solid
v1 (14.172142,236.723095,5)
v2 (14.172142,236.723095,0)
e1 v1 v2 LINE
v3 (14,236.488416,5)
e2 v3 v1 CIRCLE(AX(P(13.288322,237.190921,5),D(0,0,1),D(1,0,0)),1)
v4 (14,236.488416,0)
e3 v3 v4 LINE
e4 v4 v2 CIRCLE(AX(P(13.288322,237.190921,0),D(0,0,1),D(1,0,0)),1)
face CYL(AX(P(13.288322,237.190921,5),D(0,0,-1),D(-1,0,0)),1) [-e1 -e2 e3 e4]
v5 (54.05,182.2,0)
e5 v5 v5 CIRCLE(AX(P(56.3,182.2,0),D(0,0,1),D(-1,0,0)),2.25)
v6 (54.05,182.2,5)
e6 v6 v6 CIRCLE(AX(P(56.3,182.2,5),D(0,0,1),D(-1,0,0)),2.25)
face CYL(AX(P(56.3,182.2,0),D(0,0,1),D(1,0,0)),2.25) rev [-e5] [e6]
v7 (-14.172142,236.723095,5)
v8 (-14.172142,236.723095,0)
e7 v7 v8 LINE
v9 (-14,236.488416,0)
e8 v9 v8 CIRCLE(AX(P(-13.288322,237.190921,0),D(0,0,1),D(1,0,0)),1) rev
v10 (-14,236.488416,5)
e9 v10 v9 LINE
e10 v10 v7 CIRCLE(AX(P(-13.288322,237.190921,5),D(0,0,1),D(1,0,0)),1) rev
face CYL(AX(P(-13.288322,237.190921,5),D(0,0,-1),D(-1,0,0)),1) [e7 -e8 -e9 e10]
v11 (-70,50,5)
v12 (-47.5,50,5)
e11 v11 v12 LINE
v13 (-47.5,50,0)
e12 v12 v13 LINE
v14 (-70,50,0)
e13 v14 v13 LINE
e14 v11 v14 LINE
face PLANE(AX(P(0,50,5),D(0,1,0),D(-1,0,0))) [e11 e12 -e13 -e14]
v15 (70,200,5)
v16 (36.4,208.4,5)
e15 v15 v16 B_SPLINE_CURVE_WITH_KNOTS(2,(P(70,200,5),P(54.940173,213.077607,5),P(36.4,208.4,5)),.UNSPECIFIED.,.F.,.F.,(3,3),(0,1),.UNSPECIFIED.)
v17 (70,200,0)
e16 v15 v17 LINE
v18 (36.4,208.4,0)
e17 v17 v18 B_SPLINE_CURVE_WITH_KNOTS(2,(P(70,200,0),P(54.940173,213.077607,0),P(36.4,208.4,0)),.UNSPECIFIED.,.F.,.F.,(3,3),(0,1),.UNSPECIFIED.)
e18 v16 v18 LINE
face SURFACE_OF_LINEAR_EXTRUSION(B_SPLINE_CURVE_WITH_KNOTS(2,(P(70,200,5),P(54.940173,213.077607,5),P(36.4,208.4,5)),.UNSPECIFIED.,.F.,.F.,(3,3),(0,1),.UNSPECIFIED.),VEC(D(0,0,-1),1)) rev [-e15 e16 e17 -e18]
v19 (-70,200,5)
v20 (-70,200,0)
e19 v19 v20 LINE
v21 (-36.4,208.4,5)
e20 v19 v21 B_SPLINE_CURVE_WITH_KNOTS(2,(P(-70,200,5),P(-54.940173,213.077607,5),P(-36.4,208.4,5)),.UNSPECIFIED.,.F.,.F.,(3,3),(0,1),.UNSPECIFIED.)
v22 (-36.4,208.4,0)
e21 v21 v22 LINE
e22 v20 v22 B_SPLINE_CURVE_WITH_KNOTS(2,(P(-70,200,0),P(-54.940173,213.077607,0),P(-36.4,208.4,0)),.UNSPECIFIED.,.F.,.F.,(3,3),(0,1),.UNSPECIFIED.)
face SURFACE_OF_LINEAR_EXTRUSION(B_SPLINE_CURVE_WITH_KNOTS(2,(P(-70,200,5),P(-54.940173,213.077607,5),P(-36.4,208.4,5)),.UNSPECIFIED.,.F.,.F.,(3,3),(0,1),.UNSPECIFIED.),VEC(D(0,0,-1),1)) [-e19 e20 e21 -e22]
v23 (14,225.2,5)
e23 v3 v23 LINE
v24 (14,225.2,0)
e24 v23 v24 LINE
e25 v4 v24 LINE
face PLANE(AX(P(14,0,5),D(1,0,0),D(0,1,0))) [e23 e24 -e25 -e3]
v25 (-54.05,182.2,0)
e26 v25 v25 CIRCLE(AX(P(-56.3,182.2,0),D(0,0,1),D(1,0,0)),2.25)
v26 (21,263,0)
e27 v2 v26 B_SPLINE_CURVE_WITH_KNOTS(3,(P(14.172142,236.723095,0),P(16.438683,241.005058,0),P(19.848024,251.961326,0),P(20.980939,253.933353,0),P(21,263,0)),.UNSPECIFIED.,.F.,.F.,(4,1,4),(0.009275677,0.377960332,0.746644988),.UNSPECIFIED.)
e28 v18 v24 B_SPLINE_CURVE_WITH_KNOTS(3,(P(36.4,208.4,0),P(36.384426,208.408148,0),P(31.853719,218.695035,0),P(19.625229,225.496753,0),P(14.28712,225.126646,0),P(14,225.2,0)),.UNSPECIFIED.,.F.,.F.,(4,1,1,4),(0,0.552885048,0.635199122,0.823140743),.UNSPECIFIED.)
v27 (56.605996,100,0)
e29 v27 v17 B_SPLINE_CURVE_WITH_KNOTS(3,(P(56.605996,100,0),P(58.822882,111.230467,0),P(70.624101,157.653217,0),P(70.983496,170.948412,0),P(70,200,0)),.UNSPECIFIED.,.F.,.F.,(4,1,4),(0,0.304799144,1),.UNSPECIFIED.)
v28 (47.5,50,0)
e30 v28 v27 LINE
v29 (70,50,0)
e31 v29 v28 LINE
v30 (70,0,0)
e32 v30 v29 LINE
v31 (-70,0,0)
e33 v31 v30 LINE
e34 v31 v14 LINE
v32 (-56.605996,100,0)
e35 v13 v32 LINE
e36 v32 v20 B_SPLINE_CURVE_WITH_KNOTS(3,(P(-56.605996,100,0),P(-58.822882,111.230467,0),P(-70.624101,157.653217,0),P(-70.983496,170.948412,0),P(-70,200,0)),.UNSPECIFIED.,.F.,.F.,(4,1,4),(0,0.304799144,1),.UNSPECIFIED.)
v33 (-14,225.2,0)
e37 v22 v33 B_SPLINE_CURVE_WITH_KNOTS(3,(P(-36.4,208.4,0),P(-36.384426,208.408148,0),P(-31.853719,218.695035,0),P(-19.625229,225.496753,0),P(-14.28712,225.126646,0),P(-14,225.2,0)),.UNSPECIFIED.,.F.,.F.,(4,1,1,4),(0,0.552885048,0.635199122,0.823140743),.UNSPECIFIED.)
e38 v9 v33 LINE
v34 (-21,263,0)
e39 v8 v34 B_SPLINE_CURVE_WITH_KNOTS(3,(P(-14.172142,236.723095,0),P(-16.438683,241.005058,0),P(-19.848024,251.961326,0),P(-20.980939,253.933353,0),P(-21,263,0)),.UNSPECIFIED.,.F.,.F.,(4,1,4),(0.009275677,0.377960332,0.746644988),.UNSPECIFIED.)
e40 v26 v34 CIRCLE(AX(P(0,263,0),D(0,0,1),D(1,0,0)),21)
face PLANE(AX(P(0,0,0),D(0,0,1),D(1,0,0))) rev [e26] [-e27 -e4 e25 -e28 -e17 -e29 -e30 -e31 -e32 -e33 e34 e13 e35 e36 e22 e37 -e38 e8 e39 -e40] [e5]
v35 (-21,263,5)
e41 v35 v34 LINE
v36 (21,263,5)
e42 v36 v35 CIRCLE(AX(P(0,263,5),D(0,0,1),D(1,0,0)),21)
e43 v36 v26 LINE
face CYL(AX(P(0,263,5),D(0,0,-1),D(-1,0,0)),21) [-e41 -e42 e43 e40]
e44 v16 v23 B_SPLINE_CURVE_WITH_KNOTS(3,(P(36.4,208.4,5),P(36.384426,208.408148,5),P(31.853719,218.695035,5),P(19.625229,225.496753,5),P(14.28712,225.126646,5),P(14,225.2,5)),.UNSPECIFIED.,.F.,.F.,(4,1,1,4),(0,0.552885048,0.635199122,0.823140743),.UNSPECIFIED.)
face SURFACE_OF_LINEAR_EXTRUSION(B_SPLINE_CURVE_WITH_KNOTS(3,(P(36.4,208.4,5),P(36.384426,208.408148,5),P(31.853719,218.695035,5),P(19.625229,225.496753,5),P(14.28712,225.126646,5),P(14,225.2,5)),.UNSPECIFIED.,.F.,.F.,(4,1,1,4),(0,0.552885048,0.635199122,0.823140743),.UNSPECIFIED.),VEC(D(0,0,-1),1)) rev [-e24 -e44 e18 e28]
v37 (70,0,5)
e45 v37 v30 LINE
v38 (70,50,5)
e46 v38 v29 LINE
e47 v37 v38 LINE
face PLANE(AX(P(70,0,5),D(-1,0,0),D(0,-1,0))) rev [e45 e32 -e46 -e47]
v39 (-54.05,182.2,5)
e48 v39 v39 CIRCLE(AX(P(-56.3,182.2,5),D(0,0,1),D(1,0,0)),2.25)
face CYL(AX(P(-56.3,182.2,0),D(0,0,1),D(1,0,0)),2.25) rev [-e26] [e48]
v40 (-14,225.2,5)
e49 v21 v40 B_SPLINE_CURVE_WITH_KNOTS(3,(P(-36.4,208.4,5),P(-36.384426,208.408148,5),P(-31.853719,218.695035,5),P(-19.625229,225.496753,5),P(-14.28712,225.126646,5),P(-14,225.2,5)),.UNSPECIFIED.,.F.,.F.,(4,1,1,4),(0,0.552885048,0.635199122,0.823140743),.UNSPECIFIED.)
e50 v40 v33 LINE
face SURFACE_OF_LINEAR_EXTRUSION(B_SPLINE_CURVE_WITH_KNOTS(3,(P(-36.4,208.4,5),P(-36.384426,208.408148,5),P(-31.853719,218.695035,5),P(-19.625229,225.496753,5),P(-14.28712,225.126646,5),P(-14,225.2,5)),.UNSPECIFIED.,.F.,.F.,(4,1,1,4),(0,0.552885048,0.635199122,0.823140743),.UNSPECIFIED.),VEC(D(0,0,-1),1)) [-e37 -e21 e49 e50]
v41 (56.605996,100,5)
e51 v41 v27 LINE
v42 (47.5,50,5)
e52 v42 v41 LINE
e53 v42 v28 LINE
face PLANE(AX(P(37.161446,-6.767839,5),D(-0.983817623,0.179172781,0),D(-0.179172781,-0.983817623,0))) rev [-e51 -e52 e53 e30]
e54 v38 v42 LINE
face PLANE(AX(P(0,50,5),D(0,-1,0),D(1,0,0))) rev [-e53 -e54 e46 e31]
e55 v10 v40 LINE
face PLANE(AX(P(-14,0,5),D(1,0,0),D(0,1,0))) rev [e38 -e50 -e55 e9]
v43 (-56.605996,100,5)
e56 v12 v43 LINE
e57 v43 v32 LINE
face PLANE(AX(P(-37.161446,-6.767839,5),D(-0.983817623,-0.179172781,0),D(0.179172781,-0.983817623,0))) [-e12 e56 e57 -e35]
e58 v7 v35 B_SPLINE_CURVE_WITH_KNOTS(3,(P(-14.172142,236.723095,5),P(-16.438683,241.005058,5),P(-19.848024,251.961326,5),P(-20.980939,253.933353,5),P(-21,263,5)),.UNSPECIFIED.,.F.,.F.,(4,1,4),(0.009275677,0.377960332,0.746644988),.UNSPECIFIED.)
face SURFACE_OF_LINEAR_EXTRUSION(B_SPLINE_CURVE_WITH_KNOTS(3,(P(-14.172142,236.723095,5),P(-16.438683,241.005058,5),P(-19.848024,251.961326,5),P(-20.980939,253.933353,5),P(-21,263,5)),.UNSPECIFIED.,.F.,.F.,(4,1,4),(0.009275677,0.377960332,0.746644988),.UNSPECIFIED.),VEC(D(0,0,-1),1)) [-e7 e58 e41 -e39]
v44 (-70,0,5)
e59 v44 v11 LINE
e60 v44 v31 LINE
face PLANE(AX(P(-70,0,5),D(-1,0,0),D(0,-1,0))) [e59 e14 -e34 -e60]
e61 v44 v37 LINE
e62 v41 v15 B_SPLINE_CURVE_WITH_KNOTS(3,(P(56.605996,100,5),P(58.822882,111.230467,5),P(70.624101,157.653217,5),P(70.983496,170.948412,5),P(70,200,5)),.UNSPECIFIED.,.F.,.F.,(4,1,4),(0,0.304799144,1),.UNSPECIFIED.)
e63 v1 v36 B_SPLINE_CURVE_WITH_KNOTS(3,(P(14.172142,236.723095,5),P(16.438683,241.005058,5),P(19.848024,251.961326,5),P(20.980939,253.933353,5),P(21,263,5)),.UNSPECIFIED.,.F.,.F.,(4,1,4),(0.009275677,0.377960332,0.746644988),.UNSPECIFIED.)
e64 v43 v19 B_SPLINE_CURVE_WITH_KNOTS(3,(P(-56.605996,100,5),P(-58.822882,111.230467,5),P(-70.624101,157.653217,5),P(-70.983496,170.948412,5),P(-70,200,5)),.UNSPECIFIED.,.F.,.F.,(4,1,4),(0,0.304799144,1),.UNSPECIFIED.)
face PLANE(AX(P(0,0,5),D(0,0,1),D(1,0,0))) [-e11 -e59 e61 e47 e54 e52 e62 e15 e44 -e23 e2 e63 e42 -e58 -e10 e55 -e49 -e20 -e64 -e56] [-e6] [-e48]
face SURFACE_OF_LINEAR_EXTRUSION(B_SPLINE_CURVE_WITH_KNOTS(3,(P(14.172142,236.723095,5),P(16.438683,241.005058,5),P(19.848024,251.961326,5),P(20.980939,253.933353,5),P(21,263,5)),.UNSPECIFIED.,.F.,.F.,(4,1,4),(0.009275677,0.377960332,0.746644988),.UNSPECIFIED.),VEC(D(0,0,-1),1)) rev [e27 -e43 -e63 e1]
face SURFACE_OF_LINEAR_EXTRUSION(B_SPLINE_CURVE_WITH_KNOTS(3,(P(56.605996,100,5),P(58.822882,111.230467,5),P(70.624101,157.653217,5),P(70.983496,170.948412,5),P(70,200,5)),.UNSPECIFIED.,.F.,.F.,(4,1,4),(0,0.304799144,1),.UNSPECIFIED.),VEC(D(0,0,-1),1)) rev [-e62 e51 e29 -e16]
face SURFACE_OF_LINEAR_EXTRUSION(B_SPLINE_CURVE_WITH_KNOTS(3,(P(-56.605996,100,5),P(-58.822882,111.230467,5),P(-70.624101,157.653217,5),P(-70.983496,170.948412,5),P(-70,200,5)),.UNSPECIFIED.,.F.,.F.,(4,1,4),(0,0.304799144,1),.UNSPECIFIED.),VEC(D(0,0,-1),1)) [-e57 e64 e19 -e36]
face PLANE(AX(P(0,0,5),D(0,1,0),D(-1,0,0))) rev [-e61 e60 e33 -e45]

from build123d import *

# Parameters (mm, degrees)
RESSALTO_EXTRUS_O1_DEPTH = 5
ESBO_O3_R                = 2.25
CORTE_EXTRUS_O1_DEPTH    = 293.648462736


with BuildPart() as part:
    # Esboço1 → Ressalto-extrusão1 (new body)
    with BuildSketch(Plane.XY):
        with BuildLine():
            Line((-70, 50), (-70, 0))
            Line((-70, 0), (70, 0))
            Line((70, 0), (70, 50))
            Line((70, 50), (47.5, 50))
            Line((47.5, 50), (56.60599572, 100))
            add(Edge.make_bspline(
                [(56.60599572, 100), (58.822881578, 111.230467147), (70.624101453, 157.653217098), (70.983496175, 170.948411875), (70, 200)],
                knots=[0, 0, 0, 0, 0.304799144, 1, 1, 1, 1], degree=3))
            add(Edge.make_bspline(
                [(70, 200), (54.940172813, 213.077606657), (36.4, 208.4)],
                knots=[0, 0, 0, 1, 1, 1], degree=2))
            add(Edge.make_bspline(
                [(36.4, 208.4), (36.384425779, 208.408148411), (31.853718899, 218.695035342), (19.625229428, 225.496752597), (14.287120073, 225.126645694), (14, 225.2)],
                knots=[0, 0, 0, 0, 0.552885048, 0.635199122, 0.823140743, 0.823140743, 0.823140743, 0.823140743], degree=3))
            Line((14, 225.2), (14, 236.488415854))
            ThreePointArc((14, 236.488415854), (14.0946545, 236.599459291), (14.172142078, 236.723095026))
            add(Edge.make_bspline(
                [(14.172142078, 236.723095026), (16.438682622, 241.005058154), (19.848023934, 251.961326161), (20.98093901, 253.933353369), (21, 263)],
                knots=[0.009275677, 0.009275677, 0.009275677, 0.009275677, 0.377960332, 0.746644988, 0.746644988, 0.746644988, 0.746644988], degree=3))
            ThreePointArc((21, 263), (0, 284), (-21, 263))
            add(Edge.make_bspline(
                [(-14.172142078, 236.723095026), (-16.438682622, 241.005058154), (-19.848023934, 251.961326161), (-20.98093901, 253.933353369), (-21, 263)],
                knots=[0.009275677, 0.009275677, 0.009275677, 0.009275677, 0.377960332, 0.746644988, 0.746644988, 0.746644988, 0.746644988], degree=3))
            ThreePointArc((-14.172142078, 236.723095026), (-14.0946545, 236.599459291), (-14, 236.488415854))
            Line((-14, 236.488415854), (-14, 225.2))
            add(Edge.make_bspline(
                [(-36.4, 208.4), (-36.384425779, 208.408148411), (-31.853718899, 218.695035342), (-19.625229428, 225.496752597), (-14.287120073, 225.126645694), (-14, 225.2)],
                knots=[0, 0, 0, 0, 0.552885048, 0.635199122, 0.823140743, 0.823140743, 0.823140743, 0.823140743], degree=3))
            add(Edge.make_bspline(
                [(-70, 200), (-54.940172813, 213.077606657), (-36.4, 208.4)],
                knots=[0, 0, 0, 1, 1, 1], degree=2))
            add(Edge.make_bspline(
                [(-56.60599572, 100), (-58.822881578, 111.230467147), (-70.624101453, 157.653217098), (-70.983496175, 170.948411875), (-70, 200)],
                knots=[0, 0, 0, 0, 0.304799144, 1, 1, 1, 1], degree=3))
            Line((-56.60599572, 100), (-47.5, 50))
            Line((-47.5, 50), (-70, 50))
        make_face()
    extrude(amount=RESSALTO_EXTRUS_O1_DEPTH)

    # Esboço3 → Corte-extrusão1 (cut, through all)
    with BuildSketch(Plane.XY.offset(5)):
        with Locations((-56.3, 182.2)):
            Circle(ESBO_O3_R)
        with Locations(Location((56.3, 182.2, 0), (0, 0, 180))):
            Circle(ESBO_O3_R)
    extrude(amount=-CORTE_EXTRUS_O1_DEPTH, mode=Mode.SUBTRACT)


solid = part.part
